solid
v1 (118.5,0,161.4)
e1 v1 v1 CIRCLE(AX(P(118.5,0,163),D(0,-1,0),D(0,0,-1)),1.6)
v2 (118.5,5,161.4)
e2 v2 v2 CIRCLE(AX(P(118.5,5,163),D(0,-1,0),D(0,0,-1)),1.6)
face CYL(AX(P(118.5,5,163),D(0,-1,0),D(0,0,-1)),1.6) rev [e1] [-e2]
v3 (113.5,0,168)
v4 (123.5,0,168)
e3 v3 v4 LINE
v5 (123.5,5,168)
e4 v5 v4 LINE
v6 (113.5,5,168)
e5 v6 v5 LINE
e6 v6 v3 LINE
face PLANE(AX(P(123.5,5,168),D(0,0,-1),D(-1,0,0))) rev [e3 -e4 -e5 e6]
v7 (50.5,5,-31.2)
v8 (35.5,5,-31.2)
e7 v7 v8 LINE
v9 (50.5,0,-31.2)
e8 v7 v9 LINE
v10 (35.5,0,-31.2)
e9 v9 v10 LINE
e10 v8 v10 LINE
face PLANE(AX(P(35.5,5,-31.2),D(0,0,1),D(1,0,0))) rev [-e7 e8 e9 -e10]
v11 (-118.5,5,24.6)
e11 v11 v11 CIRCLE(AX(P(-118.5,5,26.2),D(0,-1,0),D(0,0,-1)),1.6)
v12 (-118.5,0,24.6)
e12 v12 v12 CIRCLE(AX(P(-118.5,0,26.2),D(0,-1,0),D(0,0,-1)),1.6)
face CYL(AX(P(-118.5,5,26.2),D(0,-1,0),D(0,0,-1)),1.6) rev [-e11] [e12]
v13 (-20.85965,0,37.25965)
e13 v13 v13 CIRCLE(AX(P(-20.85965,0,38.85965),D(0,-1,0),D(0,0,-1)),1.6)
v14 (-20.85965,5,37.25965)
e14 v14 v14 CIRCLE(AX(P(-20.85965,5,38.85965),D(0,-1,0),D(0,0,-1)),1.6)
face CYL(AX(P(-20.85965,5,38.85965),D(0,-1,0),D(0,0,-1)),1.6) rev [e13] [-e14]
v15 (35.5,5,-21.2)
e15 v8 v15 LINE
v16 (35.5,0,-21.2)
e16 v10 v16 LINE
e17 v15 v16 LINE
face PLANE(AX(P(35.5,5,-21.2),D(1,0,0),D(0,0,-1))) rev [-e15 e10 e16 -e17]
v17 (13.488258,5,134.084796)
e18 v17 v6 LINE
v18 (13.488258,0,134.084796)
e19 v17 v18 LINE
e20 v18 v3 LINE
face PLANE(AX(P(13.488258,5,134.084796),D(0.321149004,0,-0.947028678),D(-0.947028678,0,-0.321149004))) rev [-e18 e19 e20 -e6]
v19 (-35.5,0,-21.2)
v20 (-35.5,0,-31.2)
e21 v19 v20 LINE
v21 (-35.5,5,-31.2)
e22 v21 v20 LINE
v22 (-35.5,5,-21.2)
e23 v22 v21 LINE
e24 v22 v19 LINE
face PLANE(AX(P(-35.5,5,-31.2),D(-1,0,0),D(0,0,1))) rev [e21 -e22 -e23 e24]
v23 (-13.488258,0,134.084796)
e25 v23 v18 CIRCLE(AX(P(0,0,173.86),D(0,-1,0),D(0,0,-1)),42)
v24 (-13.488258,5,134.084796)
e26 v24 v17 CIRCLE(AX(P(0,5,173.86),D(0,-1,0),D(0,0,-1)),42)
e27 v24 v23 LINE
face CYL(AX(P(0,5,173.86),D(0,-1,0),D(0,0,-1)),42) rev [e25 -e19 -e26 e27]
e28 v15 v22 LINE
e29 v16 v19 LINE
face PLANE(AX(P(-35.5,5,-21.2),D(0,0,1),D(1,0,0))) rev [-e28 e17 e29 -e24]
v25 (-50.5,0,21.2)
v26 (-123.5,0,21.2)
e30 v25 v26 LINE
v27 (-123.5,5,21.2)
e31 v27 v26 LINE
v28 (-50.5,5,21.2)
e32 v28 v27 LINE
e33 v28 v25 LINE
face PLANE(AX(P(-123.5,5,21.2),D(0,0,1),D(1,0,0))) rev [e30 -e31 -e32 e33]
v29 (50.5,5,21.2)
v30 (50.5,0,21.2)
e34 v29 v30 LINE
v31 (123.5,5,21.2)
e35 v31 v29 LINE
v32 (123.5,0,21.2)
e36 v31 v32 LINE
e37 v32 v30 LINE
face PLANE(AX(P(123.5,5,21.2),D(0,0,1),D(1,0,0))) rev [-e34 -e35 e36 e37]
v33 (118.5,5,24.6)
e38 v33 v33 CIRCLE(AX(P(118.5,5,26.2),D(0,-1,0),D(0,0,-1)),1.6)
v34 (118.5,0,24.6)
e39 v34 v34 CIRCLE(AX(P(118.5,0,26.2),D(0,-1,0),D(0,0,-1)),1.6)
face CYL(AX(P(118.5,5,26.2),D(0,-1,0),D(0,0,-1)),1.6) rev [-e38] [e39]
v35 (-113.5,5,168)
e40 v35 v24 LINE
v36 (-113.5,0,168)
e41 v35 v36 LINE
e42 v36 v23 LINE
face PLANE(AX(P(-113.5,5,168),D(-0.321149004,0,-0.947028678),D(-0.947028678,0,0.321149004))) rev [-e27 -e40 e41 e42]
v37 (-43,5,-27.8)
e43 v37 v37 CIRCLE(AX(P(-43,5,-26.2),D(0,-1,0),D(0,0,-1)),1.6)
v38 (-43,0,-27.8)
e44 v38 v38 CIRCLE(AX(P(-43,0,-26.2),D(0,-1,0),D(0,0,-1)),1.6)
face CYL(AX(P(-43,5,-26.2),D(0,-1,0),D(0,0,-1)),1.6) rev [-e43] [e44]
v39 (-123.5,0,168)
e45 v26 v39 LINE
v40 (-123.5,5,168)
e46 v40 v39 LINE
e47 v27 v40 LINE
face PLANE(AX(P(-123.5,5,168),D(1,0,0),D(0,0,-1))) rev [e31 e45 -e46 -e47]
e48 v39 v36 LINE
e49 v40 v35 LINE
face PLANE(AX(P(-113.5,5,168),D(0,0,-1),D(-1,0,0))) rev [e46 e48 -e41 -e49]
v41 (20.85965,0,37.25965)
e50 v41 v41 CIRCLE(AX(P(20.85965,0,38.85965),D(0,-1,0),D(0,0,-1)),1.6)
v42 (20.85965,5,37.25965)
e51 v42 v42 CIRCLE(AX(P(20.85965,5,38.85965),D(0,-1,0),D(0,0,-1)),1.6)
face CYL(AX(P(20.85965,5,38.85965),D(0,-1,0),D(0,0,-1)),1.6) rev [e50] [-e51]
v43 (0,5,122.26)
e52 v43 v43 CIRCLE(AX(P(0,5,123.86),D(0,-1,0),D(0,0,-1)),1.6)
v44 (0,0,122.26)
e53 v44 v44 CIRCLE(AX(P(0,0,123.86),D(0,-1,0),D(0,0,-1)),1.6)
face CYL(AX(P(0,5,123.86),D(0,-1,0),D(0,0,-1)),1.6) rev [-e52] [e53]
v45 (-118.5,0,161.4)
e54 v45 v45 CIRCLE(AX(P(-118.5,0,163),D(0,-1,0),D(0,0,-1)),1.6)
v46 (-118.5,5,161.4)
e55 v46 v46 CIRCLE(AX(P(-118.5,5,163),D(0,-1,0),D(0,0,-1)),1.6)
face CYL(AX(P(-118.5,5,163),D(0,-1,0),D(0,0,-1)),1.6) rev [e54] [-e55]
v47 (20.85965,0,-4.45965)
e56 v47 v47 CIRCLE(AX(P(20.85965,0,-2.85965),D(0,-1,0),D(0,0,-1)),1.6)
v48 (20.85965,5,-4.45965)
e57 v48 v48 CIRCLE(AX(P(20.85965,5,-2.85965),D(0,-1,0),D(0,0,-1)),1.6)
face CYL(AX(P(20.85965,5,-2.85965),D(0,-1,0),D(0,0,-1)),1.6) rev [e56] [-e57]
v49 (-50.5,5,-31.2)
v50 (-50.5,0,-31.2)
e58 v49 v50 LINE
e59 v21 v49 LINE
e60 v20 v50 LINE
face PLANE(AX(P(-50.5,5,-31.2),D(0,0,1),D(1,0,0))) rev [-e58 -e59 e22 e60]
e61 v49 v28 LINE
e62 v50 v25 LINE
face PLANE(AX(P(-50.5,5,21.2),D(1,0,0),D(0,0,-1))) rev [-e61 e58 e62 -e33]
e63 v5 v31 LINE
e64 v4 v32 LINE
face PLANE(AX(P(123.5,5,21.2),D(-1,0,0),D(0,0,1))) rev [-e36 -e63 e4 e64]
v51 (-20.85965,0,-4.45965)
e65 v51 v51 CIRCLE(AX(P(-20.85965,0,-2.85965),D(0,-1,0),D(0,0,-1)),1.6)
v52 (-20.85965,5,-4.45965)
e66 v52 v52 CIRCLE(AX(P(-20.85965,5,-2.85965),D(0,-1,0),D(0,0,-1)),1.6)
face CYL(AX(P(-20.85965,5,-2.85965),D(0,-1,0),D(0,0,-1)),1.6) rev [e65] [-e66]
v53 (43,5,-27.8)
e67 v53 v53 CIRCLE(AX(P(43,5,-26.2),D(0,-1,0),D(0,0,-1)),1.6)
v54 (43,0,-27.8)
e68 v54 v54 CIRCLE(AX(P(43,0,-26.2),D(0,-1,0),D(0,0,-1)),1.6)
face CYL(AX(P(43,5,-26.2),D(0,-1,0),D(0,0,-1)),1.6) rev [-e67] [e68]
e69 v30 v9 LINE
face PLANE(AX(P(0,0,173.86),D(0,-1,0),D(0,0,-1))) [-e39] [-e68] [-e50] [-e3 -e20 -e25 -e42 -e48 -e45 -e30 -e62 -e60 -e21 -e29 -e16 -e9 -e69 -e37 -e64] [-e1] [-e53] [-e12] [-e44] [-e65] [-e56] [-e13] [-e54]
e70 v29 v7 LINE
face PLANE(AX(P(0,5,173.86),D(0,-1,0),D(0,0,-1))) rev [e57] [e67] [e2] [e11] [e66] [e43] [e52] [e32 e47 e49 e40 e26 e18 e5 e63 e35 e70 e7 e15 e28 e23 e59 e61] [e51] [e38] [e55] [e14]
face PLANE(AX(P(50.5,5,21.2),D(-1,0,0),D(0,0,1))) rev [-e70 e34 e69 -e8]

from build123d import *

# Parameters (mm, degrees)
BOSS_EXTRU_1_DEPTH      = 5
ESQUISSE2_R             = 1.6
ENL_V_MAT_EXTRU_1_DEPTH = 209.56953277


with BuildPart() as part:
    # Esquisse1 → Boss.-Extru.1 (new body)
    with BuildSketch(Plane(origin=(0, 0, 0), x_dir=(1, 0, 0), z_dir=(0, 1, 0))):
        with BuildLine():
            Line((-50.5, 31.2), (-35.5, 31.2))
            Line((-35.5, 31.2), (-35.5, 21.2))
            Line((-35.5, 21.2), (35.5, 21.2))
            Line((35.5, 21.2), (35.5, 31.2))
            Line((35.5, 31.2), (50.5, 31.2))
            Line((50.5, 31.2), (50.5, -21.2))
            Line((50.5, -21.2), (123.5, -21.2))
            Line((123.5, -21.2), (123.5, -168))
            Line((123.5, -168), (113.5, -168))
            Line((113.5, -168), (13.488258165, -134.084795517))
            ThreePointArc((13.488258165, -134.084795517), (0, -131.86), (-13.488258165, -134.084795517))
            Line((-13.488258165, -134.084795517), (-113.5, -168))
            Line((-113.5, -168), (-123.5, -168))
            Line((-123.5, -168), (-123.5, -21.2))
            Line((-123.5, -21.2), (-50.5, -21.2))
            Line((-50.5, -21.2), (-50.5, 31.2))
        make_face()
    extrude(amount=BOSS_EXTRU_1_DEPTH)

    # Esquisse2 → Enlèv. mat.-Extru.1 (cut, through all)
    with BuildSketch(Plane.XZ):
        with Locations(Location((-118.5, 163, 0), (0, 0, 270))):
            Circle(ESQUISSE2_R)
        with Locations(Location((118.5, 163, 0), (0, 0, 270))):
            Circle(ESQUISSE2_R)
        with Locations(Location((118.5, 26.2, 0), (0, 0, 270))):
            Circle(ESQUISSE2_R)
        with Locations(Location((-118.5, 26.2, 0), (0, 0, 270))):
            Circle(ESQUISSE2_R)
        with Locations(Location((43, -26.2, 0), (0, 0, 270))):
            Circle(ESQUISSE2_R)
        with Locations(Location((-43, -26.2, 0), (0, 0, 270))):
            Circle(ESQUISSE2_R)
        with Locations(Location((20.859650045, 38.859650045, 0), (0, 0, 270))):
            Circle(ESQUISSE2_R)
        with Locations(Location((-20.859650045, 38.859650045, 0), (0, 0, 270))):
            Circle(ESQUISSE2_R)
        with Locations(Location((-20.859650045, -2.859650045, 0), (0, 0, 270))):
            Circle(ESQUISSE2_R)
        with Locations(Location((20.859650045, -2.859650045, 0), (0, 0, 270))):
            Circle(ESQUISSE2_R)
        with Locations(Location((0, 123.86, 0), (0, 0, 270))):
            Circle(ESQUISSE2_R)
    extrude(amount=-ENL_V_MAT_EXTRU_1_DEPTH, mode=Mode.SUBTRACT)


solid = part.part
